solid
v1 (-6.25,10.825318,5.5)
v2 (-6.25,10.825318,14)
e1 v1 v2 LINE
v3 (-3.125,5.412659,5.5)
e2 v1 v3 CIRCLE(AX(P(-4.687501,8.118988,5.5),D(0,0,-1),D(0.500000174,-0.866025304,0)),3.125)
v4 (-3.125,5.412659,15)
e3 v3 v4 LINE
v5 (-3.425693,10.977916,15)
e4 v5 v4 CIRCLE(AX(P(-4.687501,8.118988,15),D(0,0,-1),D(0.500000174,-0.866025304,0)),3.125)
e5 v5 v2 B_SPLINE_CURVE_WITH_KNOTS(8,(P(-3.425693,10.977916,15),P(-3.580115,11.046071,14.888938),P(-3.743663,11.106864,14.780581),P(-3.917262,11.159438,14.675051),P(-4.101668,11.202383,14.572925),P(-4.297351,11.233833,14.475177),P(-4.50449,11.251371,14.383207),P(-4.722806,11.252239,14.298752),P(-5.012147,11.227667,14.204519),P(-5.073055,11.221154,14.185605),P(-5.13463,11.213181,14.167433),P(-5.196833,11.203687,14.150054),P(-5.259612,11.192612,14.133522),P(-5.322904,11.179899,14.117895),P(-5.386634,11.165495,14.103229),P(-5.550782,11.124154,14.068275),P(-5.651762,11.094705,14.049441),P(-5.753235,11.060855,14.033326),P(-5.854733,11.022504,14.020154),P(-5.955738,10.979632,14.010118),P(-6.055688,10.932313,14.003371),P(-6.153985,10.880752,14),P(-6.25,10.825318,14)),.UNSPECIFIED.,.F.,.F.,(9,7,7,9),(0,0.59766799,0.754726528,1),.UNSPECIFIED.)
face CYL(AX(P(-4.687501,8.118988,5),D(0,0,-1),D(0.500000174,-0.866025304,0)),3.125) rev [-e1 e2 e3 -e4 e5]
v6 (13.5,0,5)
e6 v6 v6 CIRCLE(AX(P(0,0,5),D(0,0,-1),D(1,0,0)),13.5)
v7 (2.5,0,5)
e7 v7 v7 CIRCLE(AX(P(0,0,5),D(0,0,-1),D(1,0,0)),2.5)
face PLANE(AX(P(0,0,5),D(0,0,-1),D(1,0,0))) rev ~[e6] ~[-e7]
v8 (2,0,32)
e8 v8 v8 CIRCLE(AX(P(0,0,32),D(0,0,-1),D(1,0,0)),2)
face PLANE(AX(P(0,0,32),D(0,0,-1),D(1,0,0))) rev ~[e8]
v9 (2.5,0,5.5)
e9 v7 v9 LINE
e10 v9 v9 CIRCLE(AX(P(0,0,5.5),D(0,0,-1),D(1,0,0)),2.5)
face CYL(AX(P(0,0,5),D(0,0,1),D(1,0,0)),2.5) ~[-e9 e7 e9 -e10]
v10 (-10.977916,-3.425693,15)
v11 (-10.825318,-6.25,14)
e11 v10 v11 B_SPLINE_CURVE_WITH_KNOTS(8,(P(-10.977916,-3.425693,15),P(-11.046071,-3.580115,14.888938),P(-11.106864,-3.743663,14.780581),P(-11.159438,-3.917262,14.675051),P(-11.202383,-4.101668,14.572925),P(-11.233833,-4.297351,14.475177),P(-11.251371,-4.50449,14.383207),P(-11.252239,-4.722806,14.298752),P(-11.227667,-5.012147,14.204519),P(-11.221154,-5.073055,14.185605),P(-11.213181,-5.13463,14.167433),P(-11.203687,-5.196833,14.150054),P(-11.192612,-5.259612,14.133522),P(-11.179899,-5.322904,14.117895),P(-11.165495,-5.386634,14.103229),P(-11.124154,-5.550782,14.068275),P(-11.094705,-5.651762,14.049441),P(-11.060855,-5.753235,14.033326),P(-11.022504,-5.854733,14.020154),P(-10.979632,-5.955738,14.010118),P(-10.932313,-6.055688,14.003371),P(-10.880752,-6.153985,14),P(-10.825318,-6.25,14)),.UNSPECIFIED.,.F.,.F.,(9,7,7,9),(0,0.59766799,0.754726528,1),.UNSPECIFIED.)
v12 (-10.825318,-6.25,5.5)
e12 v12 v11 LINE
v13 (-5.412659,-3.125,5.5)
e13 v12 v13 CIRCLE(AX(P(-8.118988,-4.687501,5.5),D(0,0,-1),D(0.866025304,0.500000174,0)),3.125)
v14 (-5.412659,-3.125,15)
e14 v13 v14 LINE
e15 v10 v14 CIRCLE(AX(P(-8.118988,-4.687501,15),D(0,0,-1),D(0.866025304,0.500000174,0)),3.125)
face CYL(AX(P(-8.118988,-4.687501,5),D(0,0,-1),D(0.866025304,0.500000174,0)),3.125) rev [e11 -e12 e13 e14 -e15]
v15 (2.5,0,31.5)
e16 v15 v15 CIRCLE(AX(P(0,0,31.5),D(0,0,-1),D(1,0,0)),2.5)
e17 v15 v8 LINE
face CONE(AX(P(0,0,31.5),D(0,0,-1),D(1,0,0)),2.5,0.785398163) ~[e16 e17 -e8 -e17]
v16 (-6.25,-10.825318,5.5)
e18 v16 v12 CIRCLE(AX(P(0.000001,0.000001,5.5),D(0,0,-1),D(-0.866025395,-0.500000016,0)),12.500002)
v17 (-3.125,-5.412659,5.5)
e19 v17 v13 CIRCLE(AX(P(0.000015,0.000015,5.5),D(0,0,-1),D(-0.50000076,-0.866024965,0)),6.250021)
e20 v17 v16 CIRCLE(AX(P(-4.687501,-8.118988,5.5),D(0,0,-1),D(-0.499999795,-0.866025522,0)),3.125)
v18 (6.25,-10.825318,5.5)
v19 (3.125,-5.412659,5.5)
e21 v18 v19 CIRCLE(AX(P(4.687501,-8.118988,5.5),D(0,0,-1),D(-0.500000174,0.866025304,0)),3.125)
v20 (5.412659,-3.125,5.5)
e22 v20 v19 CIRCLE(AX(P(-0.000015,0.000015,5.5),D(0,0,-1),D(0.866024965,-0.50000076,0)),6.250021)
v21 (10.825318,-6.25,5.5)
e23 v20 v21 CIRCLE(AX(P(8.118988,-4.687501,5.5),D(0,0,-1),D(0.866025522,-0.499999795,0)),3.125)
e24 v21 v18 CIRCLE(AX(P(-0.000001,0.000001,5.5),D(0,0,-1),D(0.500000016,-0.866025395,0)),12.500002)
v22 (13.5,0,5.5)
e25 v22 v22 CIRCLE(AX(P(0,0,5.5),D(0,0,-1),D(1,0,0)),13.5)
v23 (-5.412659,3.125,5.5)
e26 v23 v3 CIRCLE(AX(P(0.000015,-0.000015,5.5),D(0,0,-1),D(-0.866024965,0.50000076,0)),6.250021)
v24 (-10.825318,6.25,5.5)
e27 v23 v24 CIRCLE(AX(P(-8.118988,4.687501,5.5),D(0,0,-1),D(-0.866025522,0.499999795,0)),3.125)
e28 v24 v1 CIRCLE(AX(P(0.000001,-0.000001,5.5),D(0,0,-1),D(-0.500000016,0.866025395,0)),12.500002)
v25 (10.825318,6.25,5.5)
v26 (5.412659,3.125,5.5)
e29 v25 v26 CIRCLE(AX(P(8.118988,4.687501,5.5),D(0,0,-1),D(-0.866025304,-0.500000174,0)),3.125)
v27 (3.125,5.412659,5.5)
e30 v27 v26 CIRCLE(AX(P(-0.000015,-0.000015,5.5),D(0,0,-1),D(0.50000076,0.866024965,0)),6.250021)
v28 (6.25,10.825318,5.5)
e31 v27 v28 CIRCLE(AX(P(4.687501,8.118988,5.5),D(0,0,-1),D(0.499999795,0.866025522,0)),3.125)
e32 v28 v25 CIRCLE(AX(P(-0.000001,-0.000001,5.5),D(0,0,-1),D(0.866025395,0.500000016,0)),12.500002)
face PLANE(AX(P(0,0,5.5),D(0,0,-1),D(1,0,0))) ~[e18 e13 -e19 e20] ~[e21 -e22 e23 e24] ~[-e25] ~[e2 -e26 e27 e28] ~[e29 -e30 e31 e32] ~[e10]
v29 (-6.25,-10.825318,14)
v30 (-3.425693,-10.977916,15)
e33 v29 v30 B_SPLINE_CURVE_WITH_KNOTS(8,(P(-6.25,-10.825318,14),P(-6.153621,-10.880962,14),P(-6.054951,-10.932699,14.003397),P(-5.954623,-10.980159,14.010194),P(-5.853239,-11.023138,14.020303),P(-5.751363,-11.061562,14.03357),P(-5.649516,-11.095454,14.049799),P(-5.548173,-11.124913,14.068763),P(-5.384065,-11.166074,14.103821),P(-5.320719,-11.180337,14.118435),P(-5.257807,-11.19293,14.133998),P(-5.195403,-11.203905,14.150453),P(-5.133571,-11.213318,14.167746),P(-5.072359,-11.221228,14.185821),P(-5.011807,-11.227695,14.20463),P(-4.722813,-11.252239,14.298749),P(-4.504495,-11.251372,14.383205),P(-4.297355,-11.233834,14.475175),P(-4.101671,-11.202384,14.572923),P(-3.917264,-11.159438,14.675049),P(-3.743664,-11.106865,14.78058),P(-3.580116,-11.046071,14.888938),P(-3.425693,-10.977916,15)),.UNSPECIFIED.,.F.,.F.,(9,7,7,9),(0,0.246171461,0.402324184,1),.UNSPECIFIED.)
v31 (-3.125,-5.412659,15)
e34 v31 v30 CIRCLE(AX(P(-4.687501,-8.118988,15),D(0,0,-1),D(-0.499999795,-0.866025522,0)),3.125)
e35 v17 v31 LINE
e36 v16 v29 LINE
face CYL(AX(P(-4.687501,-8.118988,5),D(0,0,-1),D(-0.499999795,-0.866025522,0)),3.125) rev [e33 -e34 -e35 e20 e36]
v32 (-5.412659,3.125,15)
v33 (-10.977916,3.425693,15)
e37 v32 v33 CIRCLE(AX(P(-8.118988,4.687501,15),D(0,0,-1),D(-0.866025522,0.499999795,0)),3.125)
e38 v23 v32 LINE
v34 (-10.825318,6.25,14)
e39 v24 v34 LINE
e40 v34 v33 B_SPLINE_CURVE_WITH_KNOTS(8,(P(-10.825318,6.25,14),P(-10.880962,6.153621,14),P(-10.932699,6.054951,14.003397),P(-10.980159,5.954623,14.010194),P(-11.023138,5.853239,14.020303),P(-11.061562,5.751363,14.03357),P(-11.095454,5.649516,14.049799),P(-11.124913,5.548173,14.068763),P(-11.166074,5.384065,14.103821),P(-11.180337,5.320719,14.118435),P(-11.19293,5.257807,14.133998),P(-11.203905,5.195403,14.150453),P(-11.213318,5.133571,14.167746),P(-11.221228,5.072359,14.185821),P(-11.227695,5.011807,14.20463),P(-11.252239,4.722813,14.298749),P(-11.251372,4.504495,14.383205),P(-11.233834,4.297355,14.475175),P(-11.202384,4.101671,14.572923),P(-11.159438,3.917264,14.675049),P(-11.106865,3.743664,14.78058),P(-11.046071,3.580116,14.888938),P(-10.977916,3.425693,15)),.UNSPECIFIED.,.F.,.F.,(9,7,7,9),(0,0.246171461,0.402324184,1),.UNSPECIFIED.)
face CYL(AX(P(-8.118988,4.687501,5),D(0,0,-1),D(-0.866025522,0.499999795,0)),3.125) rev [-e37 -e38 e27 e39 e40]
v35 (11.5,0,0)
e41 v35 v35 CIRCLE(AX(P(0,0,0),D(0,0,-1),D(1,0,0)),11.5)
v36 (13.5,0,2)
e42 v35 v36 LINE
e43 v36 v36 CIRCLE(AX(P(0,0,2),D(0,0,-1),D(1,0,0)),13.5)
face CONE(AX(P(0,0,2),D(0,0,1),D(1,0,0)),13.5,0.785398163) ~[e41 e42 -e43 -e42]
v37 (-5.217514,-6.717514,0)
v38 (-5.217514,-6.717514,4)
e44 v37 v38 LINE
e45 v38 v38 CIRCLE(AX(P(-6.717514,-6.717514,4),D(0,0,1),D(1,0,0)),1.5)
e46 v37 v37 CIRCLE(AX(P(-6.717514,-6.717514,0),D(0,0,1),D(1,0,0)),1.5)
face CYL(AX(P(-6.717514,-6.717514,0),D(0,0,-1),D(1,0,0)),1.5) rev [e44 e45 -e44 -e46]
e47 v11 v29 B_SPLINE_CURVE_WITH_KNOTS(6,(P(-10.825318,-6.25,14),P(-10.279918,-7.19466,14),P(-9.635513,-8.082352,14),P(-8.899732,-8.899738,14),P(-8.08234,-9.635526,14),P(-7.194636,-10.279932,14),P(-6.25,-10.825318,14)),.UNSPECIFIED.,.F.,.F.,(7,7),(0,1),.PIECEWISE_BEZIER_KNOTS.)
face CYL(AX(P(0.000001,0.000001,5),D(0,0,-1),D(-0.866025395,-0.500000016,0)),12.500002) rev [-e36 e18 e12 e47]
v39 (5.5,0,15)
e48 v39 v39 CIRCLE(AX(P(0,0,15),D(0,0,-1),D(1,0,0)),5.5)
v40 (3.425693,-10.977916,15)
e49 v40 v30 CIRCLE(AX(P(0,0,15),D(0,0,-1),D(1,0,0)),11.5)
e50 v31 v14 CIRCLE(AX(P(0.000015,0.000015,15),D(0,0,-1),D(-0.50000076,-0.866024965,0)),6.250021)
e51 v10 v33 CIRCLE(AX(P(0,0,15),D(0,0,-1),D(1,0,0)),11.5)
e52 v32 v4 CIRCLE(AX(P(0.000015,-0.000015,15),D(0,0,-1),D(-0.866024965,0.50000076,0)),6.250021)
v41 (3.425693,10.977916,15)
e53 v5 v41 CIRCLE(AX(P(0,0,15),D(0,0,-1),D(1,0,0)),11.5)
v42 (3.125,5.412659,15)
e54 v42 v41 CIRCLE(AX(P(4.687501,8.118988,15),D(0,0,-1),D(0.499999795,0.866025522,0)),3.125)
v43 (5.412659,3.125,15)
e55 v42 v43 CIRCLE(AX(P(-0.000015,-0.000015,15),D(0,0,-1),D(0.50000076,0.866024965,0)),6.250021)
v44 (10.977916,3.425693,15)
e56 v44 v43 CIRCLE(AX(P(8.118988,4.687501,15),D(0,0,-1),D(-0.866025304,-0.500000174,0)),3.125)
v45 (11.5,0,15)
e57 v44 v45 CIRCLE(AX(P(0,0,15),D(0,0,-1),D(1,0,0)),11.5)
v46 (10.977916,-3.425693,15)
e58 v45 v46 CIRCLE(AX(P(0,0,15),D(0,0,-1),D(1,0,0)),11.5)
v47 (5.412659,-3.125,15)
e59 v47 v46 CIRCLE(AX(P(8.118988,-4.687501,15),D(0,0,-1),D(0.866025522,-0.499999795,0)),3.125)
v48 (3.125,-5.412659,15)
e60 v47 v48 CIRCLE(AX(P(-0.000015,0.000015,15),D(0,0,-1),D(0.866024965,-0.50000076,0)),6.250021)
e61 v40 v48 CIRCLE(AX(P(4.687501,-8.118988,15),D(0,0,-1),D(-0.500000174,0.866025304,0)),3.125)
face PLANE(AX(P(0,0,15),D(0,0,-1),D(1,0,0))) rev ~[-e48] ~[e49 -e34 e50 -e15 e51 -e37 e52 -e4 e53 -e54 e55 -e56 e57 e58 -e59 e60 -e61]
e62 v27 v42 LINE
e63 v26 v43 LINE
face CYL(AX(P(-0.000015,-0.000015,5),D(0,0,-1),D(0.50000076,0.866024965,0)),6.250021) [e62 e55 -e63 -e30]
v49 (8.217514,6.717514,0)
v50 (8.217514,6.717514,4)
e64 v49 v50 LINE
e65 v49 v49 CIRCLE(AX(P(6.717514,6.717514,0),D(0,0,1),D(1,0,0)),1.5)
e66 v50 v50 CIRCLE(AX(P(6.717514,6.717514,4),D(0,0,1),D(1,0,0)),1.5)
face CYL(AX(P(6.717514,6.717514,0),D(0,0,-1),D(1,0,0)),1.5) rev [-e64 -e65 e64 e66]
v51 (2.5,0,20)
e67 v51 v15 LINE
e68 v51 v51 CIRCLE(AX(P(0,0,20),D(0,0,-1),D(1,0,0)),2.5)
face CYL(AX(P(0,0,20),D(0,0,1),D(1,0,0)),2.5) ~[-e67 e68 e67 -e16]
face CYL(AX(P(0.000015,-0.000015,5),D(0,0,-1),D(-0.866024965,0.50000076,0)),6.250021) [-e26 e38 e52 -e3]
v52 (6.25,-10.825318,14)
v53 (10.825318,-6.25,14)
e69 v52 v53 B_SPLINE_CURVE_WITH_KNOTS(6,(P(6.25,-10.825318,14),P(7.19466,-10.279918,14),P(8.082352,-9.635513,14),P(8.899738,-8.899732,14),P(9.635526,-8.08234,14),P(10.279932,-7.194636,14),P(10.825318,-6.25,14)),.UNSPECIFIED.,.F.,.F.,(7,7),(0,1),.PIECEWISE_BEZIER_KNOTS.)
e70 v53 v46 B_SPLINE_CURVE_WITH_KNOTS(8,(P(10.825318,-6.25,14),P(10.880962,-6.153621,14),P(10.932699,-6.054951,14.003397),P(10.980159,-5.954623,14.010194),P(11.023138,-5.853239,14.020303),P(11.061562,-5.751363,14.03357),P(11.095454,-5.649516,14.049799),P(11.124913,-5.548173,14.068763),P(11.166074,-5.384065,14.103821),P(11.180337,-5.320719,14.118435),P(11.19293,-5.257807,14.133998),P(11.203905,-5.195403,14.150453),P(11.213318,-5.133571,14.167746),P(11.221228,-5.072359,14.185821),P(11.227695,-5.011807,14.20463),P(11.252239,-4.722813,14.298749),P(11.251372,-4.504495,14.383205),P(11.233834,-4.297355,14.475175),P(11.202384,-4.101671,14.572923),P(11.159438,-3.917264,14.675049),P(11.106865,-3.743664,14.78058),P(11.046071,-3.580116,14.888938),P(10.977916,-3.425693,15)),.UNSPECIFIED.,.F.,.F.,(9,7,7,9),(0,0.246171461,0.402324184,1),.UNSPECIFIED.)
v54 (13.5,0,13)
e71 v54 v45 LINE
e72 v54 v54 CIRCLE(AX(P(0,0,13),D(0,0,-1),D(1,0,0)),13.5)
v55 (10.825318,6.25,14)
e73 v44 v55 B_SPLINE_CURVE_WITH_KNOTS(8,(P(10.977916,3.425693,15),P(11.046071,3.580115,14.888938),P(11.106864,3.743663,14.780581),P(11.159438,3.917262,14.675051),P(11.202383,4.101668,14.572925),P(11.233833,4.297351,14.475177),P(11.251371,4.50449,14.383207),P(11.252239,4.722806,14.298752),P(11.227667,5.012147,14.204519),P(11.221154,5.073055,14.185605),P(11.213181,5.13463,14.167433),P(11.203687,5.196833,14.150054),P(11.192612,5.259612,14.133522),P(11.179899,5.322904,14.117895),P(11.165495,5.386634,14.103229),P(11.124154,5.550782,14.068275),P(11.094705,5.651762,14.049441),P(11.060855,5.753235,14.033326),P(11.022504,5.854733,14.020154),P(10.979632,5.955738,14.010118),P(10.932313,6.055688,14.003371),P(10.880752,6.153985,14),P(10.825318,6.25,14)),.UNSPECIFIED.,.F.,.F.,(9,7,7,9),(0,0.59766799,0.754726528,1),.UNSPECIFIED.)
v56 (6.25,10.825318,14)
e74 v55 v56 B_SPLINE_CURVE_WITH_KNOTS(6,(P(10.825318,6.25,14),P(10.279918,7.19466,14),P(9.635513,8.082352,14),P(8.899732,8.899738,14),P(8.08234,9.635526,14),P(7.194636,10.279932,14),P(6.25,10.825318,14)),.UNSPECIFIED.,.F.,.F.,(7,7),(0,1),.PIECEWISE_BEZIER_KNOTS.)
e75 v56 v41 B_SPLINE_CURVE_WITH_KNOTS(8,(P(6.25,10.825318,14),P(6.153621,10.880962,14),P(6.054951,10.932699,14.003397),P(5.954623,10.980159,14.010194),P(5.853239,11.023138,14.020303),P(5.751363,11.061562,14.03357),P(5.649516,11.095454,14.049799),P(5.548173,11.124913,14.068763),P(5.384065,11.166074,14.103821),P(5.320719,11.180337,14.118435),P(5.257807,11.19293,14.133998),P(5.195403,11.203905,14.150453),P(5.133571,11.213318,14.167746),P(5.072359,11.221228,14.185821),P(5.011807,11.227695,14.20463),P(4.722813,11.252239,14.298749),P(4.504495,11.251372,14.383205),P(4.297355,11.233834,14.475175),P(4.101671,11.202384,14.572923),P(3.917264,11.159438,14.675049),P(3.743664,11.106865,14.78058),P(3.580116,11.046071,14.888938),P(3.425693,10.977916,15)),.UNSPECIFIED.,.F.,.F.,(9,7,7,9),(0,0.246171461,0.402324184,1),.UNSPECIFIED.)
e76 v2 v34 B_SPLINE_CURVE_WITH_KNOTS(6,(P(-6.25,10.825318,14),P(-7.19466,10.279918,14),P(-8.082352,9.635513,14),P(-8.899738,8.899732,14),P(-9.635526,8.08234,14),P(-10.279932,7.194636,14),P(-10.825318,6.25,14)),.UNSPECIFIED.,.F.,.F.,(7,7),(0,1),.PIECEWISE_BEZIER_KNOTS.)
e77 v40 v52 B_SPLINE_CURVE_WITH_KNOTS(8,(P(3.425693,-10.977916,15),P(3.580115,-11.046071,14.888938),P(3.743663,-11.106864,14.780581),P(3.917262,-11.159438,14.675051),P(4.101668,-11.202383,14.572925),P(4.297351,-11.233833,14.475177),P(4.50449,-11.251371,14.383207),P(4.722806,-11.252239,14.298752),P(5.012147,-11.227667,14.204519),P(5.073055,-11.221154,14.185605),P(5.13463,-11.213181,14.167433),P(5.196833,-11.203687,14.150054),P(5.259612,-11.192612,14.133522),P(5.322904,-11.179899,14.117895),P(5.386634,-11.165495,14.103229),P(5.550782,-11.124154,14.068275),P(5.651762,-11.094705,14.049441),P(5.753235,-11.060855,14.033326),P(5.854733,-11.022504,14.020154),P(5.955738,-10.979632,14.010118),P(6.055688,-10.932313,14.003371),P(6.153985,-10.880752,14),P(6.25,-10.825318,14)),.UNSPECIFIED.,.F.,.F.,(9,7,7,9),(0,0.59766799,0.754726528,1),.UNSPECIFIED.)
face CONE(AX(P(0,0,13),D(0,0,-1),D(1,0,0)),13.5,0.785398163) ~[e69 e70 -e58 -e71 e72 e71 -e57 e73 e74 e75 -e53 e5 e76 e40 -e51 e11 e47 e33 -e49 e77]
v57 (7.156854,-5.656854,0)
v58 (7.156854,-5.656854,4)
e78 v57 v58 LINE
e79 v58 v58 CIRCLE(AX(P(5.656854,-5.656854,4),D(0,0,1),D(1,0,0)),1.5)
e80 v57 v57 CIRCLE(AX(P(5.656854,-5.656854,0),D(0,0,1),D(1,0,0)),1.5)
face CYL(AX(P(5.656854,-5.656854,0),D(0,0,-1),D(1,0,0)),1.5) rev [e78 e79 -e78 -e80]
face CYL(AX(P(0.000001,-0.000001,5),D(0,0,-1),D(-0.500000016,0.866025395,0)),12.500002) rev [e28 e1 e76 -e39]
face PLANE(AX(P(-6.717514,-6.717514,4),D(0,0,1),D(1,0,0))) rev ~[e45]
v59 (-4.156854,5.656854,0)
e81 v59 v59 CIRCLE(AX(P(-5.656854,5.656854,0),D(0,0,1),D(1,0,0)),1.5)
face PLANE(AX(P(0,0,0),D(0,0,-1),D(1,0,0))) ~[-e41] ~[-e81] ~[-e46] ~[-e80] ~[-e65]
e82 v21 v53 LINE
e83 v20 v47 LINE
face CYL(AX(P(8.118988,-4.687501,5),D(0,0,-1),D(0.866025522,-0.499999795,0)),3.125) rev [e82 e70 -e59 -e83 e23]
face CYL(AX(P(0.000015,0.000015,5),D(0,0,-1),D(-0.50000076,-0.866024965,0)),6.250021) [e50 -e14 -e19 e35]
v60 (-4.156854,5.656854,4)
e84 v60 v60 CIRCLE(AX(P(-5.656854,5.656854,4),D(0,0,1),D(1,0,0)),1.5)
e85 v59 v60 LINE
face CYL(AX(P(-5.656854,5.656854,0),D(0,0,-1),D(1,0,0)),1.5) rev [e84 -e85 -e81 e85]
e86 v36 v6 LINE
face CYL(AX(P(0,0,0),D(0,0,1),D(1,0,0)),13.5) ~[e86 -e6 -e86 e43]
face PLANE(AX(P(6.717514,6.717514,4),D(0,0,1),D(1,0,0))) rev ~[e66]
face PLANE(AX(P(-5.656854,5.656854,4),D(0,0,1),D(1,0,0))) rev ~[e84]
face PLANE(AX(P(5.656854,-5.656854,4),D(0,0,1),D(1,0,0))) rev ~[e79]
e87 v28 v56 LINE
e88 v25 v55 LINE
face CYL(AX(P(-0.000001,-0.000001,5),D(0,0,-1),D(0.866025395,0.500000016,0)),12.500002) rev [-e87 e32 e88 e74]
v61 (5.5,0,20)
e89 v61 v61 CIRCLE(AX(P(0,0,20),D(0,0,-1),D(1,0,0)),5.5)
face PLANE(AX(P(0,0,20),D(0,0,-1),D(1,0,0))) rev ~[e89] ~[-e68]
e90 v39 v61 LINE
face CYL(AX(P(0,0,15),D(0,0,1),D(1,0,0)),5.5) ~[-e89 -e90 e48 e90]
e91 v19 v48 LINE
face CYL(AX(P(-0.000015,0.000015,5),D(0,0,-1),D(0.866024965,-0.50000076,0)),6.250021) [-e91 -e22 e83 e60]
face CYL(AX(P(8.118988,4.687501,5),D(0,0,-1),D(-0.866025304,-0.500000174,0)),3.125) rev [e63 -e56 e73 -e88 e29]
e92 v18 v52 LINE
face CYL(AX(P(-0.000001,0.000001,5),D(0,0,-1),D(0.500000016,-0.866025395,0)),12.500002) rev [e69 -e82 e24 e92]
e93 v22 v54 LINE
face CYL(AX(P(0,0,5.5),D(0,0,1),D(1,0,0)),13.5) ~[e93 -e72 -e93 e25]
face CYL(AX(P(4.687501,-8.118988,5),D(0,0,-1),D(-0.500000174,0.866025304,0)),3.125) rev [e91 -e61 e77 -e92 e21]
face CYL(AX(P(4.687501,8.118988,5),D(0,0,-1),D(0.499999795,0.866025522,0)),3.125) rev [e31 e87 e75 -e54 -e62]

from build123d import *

# Parameters (mm, degrees)
F2_SIZE  = 2
F3_SIZE  = 0.5
F6_DEPTH = 27.001
F7_R     = 1.5
F8_DEPTH = 4


with BuildPart() as f1:
    # F0 (on Front) → F1 (revolve)
    with BuildSketch(Plane.XZ):
        Polygon((0, 32), (0, 0), (13.5, 0), (13.5, 5), (2.5, 5), (2.5, 5.5), (13.5, 5.5), (13.5, 15), (5.5, 15), (5.5, 20), (2.5, 20), (2.5, 32), align=None)
    revolve(axis=Axis((0, 0, 16), (0, 0, -1)))

    # F2
    f2_edges = [f1.edges().sort_by_distance(p)[0] for p in [
        (-13.5, 0, 15),
        (-13.5, 0, 0),
    ]]
    chamfer(f2_edges, length=F2_SIZE)

    # F3
    f3_edges = [f1.edges().sort_by_distance(p)[0] for p in [
        (-2.5, 0, 32),
    ]]
    chamfer(f3_edges, length=F3_SIZE)

    # F5 (on offset) → F6 (cut, through all)
    with BuildSketch(Plane.XY.offset(5)):
        with BuildLine():
            ThreePointArc((5.412659, 3.125), (9.681488, 1.981171), (10.825318, 6.25))
            ThreePointArc((10.825318, 6.25), (8.838835, 8.838835), (6.25, 10.825318))
            ThreePointArc((6.25, 10.825318), (1.981171, 9.681488), (3.125, 5.412659))
            ThreePointArc((3.125, 5.412659), (4.419417, 4.419417), (5.412659, 3.125))
        make_face()
        with BuildLine():
            ThreePointArc((-3.125, 5.412659), (-1.981171, 9.681488), (-6.25, 10.825318))
            ThreePointArc((-6.25, 10.825318), (-8.838835, 8.838835), (-10.825318, 6.25))
            ThreePointArc((-10.825318, 6.25), (-9.681488, 1.981171), (-5.412659, 3.125))
            ThreePointArc((-5.412659, 3.125), (-4.419417, 4.419417), (-3.125, 5.412659))
        make_face()
        with BuildLine():
            ThreePointArc((-3.125, -5.412659), (-4.419417, -4.419417), (-5.412659, -3.125))
            ThreePointArc((-5.412659, -3.125), (-9.681488, -1.981171), (-10.825318, -6.25))
            ThreePointArc((-10.825318, -6.25), (-8.838835, -8.838835), (-6.25, -10.825318))
            ThreePointArc((-6.25, -10.825318), (-1.981171, -9.681488), (-3.125, -5.412659))
        make_face()
        with BuildLine():
            ThreePointArc((3.125, -5.412659), (1.981171, -9.681488), (6.25, -10.825318))
            ThreePointArc((6.25, -10.825318), (8.838835, -8.838835), (10.825318, -6.25))
            ThreePointArc((10.825318, -6.25), (9.681488, -1.981171), (5.412659, -3.125))
            ThreePointArc((5.412659, -3.125), (4.419417, -4.419417), (3.125, -5.412659))
        make_face()
    extrude(amount=F6_DEPTH, mode=Mode.SUBTRACT)

    # F7 (on Top) → F8 (cut)
    with BuildSketch(Plane.XY):
        with Locations((-5.656854, 5.656854)):
            Circle(F7_R)
        with Locations((6.717514, 6.717514)):
            Circle(F7_R)
        with Locations((5.656854, -5.656854)):
            Circle(F7_R)
        with Locations((-6.717514, -6.717514)):
            Circle(F7_R)
    extrude(amount=F8_DEPTH, mode=Mode.SUBTRACT)


solid = f1.part
